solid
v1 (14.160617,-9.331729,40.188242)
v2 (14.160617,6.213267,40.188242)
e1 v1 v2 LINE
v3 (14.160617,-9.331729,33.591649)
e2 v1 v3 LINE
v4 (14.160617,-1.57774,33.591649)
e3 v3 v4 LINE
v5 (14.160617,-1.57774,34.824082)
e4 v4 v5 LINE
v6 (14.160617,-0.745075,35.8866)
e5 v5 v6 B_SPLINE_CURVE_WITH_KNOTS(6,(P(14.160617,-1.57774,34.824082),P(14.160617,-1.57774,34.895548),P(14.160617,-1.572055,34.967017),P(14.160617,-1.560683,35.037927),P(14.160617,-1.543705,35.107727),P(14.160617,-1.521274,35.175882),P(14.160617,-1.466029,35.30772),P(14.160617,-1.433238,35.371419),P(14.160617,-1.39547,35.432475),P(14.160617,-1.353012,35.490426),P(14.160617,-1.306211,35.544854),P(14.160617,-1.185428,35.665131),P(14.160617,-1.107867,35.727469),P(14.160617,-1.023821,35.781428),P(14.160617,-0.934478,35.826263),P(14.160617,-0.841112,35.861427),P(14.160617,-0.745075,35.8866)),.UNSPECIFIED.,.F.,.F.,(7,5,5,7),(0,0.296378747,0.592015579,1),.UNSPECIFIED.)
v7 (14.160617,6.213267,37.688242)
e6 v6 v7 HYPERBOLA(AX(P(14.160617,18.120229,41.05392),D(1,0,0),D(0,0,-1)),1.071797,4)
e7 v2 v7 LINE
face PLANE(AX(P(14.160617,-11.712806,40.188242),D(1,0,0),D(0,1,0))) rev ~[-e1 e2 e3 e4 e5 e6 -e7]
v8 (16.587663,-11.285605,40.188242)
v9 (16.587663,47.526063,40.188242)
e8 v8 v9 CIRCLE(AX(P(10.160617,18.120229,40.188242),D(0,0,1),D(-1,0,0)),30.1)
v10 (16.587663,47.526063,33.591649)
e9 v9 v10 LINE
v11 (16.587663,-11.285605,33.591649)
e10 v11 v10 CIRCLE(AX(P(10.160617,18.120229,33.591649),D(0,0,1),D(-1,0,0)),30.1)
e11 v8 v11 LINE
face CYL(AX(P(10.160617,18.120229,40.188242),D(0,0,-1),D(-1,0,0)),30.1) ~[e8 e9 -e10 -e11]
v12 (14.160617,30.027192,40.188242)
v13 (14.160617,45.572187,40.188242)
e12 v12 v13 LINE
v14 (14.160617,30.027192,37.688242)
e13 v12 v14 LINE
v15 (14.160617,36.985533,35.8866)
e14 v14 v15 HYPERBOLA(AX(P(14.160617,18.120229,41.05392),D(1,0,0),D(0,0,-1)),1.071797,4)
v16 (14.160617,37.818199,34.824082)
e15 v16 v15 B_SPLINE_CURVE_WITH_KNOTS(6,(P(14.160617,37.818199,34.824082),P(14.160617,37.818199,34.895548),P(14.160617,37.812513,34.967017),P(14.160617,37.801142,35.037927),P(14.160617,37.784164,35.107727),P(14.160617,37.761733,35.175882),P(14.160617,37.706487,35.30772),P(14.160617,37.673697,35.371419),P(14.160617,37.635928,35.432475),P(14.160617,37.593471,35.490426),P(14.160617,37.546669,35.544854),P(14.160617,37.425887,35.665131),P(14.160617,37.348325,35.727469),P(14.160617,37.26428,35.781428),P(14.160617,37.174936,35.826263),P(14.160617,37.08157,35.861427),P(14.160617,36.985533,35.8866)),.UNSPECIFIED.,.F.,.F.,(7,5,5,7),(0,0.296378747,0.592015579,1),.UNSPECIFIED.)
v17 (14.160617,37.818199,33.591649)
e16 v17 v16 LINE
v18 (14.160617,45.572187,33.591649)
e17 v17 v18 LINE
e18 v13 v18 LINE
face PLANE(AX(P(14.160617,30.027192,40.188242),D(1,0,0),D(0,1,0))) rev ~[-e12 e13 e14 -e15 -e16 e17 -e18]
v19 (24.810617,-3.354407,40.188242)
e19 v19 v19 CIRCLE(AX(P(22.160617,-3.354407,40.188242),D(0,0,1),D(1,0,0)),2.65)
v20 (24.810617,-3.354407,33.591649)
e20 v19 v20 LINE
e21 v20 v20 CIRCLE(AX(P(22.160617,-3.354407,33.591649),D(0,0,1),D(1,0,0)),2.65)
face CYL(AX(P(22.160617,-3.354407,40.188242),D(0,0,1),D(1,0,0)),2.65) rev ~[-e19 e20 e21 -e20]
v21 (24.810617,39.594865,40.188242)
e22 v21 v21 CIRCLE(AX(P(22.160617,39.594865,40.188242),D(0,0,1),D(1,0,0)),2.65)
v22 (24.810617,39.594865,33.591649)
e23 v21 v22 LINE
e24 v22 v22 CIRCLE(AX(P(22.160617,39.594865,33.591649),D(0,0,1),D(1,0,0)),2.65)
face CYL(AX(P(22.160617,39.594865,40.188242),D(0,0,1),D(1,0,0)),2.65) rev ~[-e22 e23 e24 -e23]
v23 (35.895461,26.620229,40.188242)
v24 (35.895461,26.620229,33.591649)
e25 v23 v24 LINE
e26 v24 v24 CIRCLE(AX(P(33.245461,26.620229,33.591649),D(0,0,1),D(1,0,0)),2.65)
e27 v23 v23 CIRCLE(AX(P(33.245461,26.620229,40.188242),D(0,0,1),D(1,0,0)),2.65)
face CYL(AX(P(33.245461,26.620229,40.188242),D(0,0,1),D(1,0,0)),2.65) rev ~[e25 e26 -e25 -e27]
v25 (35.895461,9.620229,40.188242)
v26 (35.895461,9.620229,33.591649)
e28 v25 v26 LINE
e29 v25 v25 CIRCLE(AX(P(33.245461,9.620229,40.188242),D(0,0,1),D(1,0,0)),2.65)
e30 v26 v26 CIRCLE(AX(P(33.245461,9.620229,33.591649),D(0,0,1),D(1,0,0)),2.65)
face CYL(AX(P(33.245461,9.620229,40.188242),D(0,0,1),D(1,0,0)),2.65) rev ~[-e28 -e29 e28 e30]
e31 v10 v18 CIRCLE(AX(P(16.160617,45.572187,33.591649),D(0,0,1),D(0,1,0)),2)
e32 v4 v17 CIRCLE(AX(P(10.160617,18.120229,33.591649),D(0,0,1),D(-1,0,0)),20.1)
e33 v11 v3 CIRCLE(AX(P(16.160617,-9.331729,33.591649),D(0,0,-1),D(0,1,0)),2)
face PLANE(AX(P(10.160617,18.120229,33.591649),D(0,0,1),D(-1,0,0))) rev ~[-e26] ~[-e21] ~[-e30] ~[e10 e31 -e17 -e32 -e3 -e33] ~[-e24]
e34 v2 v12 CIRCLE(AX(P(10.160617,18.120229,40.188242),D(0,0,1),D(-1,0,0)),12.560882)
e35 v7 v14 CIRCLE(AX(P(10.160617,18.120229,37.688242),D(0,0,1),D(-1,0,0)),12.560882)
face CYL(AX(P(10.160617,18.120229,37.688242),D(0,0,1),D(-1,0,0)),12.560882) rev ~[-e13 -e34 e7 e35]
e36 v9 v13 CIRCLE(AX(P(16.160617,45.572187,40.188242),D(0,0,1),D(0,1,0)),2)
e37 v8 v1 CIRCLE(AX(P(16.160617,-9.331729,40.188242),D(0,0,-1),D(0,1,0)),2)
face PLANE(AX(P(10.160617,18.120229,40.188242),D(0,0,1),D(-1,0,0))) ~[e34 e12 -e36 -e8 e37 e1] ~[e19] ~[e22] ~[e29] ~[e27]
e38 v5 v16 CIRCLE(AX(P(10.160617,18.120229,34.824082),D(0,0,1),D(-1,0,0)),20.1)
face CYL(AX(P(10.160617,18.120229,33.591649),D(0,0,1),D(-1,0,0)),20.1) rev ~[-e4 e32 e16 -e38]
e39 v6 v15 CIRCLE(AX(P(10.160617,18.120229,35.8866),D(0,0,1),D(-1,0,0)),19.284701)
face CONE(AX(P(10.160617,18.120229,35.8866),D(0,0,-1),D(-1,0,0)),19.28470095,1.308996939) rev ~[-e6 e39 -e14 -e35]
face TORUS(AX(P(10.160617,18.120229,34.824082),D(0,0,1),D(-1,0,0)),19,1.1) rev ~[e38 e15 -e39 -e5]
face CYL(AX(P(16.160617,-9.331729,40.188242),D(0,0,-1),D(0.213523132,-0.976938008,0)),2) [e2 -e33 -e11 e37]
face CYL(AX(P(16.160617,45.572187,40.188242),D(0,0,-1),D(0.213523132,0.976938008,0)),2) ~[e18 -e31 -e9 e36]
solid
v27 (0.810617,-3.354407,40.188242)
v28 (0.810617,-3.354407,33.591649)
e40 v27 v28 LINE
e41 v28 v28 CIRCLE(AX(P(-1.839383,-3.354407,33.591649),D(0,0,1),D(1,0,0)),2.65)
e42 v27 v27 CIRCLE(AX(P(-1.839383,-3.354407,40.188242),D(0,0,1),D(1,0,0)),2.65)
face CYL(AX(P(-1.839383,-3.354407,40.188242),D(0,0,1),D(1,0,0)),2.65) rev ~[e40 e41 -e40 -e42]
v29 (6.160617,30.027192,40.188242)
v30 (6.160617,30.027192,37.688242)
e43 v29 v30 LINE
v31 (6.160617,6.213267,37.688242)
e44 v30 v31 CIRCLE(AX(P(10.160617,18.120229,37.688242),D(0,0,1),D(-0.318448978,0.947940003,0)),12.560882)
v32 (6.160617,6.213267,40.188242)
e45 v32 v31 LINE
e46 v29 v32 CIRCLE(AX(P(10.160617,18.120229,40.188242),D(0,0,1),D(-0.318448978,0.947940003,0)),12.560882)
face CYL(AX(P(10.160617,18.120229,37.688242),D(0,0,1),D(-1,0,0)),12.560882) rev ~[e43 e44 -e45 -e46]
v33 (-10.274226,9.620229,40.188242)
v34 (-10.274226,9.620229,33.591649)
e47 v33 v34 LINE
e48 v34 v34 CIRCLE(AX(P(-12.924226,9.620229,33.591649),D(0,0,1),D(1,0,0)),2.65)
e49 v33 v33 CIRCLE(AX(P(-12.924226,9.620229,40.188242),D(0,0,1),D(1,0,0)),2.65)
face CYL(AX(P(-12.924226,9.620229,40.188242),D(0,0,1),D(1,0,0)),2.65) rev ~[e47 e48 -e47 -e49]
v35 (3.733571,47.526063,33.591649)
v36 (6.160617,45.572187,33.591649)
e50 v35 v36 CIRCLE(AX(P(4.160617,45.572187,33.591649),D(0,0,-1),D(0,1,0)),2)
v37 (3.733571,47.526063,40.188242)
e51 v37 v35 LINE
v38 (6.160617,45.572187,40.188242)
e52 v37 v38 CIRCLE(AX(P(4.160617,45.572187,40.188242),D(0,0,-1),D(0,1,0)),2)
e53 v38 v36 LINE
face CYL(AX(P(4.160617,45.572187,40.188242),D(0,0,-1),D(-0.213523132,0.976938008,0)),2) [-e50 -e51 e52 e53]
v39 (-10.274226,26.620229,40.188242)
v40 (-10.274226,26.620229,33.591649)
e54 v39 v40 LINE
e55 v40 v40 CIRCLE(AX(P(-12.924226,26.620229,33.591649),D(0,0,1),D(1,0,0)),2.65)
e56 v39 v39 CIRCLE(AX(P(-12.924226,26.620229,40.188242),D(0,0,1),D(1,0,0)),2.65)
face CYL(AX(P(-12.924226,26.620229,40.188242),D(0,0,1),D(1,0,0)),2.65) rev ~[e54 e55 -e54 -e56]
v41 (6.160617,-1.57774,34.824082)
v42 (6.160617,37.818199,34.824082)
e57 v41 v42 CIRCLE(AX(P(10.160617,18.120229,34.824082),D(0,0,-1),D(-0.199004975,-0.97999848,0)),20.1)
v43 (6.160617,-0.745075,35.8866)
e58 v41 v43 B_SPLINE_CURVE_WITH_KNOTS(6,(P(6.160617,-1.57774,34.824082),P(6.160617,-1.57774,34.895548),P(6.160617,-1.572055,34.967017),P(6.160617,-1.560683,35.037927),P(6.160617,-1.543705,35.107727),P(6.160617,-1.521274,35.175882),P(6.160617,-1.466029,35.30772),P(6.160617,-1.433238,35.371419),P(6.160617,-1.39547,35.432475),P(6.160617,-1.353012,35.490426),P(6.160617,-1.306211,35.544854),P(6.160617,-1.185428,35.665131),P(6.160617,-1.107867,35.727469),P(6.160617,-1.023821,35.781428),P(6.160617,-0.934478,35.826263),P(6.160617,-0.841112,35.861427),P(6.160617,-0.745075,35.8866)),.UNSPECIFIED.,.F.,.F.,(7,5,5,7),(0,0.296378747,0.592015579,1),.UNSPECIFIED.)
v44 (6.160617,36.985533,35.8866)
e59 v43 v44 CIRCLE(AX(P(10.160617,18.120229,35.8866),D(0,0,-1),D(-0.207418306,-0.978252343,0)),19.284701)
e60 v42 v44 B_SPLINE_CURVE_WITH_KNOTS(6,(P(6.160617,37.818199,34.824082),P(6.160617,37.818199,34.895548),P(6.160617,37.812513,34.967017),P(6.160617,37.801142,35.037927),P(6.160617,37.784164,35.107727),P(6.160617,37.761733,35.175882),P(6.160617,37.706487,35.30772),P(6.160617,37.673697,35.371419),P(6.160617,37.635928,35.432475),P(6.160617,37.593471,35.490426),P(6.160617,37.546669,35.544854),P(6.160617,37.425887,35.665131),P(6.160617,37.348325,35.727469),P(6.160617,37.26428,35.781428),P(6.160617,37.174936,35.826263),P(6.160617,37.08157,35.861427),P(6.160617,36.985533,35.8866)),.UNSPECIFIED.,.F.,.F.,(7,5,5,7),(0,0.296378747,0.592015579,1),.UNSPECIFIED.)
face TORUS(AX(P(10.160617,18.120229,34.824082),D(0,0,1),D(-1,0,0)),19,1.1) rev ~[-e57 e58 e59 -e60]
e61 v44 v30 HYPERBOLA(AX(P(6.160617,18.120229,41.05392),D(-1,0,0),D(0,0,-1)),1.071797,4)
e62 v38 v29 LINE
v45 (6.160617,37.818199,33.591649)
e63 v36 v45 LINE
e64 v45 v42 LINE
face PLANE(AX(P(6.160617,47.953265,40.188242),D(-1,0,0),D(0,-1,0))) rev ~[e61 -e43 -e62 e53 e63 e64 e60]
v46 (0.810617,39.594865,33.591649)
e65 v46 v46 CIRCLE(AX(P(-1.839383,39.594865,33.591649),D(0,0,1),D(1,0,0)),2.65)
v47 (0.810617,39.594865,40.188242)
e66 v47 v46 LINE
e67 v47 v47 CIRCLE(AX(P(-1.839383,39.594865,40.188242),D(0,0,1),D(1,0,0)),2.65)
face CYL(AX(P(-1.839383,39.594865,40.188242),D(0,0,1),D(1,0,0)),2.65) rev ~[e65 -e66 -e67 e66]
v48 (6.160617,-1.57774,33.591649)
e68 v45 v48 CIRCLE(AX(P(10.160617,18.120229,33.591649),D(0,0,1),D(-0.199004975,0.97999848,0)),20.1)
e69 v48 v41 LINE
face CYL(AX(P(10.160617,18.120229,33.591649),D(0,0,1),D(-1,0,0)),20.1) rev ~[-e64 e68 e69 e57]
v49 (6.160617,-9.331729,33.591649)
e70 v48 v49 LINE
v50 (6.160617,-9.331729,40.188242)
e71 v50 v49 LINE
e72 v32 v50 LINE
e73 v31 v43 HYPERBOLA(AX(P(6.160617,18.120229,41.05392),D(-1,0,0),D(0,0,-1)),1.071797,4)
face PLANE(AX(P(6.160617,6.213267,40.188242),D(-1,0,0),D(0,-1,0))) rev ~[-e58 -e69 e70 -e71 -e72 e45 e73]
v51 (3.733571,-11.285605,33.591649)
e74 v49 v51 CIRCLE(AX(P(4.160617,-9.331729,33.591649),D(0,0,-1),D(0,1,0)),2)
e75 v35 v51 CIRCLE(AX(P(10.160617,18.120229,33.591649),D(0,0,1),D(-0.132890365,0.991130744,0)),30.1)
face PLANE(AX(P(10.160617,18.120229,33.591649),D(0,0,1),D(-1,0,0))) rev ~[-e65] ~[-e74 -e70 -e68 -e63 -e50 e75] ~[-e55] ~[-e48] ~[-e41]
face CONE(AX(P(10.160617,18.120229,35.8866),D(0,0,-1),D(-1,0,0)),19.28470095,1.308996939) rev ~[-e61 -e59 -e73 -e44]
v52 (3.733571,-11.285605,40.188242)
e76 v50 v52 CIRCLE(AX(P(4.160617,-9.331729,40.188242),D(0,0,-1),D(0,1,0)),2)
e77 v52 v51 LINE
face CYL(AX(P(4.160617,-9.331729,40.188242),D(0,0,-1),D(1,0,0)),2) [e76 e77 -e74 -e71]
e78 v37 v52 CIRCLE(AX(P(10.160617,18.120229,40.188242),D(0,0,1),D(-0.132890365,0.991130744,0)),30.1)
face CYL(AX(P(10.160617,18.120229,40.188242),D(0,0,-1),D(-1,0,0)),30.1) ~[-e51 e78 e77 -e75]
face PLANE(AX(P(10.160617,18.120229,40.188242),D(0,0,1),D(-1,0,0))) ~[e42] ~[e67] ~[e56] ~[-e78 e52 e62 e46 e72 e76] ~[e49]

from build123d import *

# Parameters (mm, degrees)
SKETCH3_R          = 2.65
CUT_EXTRUDE1_DEPTH = 10
FILLET1_R          = 2
FILLET2_R          = 2


with BuildPart() as part:
    # Sketch2 → Revolve2 (revolve)
    with BuildSketch(Plane(origin=(0, 18.12022925, 0), x_dir=(1, 0, 0), z_dir=(0, 1, 0)), mode=Mode.PRIVATE) as revolve2_sk:
        with BuildLine():
            Line((29.445318103, -35.886599973), (22.721499058, -37.688241856))
            Line((22.721499058, -37.688241856), (22.721499058, -40.188241856))
            Line((22.721499058, -40.188241856), (40.260617153, -40.188241856))
            Line((40.260617153, -40.188241856), (40.260617153, -33.591649273))
            Line((40.260617153, -33.591649273), (30.260617153, -33.591649273))
            Line((30.260617153, -33.591649273), (30.260617153, -34.824081564))
            ThreePointArc((30.260617153, -34.824081564), (30.033305828, -35.493719136), (29.445318103, -35.886599973))
        make_face()
    revolve(revolve2_sk.sketch.rotate(Axis((10.160617153, 18.12022925, 37.591649273), (0, 0, 1)), 180), axis=Axis((10.160617153, 18.12022925, 37.591649273), (0, 0, 1)))

    # Sketch3 → Cut-Extrude1 (cut)
    with BuildSketch(Plane.XY.offset(40.188241856)):
        with BuildLine():
            ThreePointArc((6.160617153, -11.71280613), (10.160617153, -11.97977075), (14.160617153, -11.71280613))
            Line((14.160617153, -11.71280613), (14.160617153, 6.213266824))
            ThreePointArc((14.160617153, 6.213266824), (10.160617153, 5.559347346), (6.160617153, 6.213266824))
            Line((6.160617153, 6.213266824), (6.160617153, -11.71280613))
        make_face()
        with BuildLine():
            ThreePointArc((6.160617153, 30.027191676), (10.160617153, 30.681111155), (14.160617153, 30.027191676))
            Line((14.160617153, 30.027191676), (14.160617153, 47.95326463))
            ThreePointArc((14.160617153, 47.95326463), (10.160617153, 48.22022925), (6.160617153, 47.95326463))
            Line((6.160617153, 47.95326463), (6.160617153, 30.027191676))
        make_face()
        with Locations((-1.839382847, 39.594865452)):
            Circle(SKETCH3_R)
        with Locations((-12.924226359, 26.62022925)):
            Circle(SKETCH3_R)
        with Locations((-12.924226359, 9.62022925)):
            Circle(SKETCH3_R)
        with Locations((-1.839382847, -3.354406952)):
            Circle(SKETCH3_R)
        with Locations((22.160617153, -3.354406952)):
            Circle(SKETCH3_R)
        with Locations((33.245460666, 9.62022925)):
            Circle(SKETCH3_R)
        with Locations((33.245460666, 26.62022925)):
            Circle(SKETCH3_R)
        with Locations((22.160617153, 39.594865452)):
            Circle(SKETCH3_R)
    extrude(amount=-CUT_EXTRUDE1_DEPTH, mode=Mode.SUBTRACT)


with BuildPart() as cut_extrude1_piece_1:
    # of the separate pieces the step leaves, piece 1, a body of its own (cut_extrude1_pieces)
    add(part.part.solids().sort_by_distance((14.160617153, -1.577740188, 34.824081564))[0])

    # Fillet2
    fillet2_edges = [cut_extrude1_piece_1.edges().sort_by_distance(p)[0] for p in [
        (14.160617153, 47.95326463, 36.889945565),
        (14.160617153, -11.71280613, 36.889945565),
    ]]
    fillet(fillet2_edges, radius=FILLET2_R)


with BuildPart() as cut_extrude1_piece_2:
    # of the separate pieces the step leaves, piece 2, a body of its own (cut_extrude1_pieces)
    add(part.part.solids().sort_by_distance((6.160617153, 36.985533136, 35.886599973))[0])

    # Fillet1
    fillet1_edges = [cut_extrude1_piece_2.edges().sort_by_distance(p)[0] for p in [
        (6.160617153, -11.71280613, 36.889945565),
        (6.160617153, 47.95326463, 36.889945565),
    ]]
    fillet(fillet1_edges, radius=FILLET1_R)


solid = Compound([cut_extrude1_piece_1.part, cut_extrude1_piece_2.part])
